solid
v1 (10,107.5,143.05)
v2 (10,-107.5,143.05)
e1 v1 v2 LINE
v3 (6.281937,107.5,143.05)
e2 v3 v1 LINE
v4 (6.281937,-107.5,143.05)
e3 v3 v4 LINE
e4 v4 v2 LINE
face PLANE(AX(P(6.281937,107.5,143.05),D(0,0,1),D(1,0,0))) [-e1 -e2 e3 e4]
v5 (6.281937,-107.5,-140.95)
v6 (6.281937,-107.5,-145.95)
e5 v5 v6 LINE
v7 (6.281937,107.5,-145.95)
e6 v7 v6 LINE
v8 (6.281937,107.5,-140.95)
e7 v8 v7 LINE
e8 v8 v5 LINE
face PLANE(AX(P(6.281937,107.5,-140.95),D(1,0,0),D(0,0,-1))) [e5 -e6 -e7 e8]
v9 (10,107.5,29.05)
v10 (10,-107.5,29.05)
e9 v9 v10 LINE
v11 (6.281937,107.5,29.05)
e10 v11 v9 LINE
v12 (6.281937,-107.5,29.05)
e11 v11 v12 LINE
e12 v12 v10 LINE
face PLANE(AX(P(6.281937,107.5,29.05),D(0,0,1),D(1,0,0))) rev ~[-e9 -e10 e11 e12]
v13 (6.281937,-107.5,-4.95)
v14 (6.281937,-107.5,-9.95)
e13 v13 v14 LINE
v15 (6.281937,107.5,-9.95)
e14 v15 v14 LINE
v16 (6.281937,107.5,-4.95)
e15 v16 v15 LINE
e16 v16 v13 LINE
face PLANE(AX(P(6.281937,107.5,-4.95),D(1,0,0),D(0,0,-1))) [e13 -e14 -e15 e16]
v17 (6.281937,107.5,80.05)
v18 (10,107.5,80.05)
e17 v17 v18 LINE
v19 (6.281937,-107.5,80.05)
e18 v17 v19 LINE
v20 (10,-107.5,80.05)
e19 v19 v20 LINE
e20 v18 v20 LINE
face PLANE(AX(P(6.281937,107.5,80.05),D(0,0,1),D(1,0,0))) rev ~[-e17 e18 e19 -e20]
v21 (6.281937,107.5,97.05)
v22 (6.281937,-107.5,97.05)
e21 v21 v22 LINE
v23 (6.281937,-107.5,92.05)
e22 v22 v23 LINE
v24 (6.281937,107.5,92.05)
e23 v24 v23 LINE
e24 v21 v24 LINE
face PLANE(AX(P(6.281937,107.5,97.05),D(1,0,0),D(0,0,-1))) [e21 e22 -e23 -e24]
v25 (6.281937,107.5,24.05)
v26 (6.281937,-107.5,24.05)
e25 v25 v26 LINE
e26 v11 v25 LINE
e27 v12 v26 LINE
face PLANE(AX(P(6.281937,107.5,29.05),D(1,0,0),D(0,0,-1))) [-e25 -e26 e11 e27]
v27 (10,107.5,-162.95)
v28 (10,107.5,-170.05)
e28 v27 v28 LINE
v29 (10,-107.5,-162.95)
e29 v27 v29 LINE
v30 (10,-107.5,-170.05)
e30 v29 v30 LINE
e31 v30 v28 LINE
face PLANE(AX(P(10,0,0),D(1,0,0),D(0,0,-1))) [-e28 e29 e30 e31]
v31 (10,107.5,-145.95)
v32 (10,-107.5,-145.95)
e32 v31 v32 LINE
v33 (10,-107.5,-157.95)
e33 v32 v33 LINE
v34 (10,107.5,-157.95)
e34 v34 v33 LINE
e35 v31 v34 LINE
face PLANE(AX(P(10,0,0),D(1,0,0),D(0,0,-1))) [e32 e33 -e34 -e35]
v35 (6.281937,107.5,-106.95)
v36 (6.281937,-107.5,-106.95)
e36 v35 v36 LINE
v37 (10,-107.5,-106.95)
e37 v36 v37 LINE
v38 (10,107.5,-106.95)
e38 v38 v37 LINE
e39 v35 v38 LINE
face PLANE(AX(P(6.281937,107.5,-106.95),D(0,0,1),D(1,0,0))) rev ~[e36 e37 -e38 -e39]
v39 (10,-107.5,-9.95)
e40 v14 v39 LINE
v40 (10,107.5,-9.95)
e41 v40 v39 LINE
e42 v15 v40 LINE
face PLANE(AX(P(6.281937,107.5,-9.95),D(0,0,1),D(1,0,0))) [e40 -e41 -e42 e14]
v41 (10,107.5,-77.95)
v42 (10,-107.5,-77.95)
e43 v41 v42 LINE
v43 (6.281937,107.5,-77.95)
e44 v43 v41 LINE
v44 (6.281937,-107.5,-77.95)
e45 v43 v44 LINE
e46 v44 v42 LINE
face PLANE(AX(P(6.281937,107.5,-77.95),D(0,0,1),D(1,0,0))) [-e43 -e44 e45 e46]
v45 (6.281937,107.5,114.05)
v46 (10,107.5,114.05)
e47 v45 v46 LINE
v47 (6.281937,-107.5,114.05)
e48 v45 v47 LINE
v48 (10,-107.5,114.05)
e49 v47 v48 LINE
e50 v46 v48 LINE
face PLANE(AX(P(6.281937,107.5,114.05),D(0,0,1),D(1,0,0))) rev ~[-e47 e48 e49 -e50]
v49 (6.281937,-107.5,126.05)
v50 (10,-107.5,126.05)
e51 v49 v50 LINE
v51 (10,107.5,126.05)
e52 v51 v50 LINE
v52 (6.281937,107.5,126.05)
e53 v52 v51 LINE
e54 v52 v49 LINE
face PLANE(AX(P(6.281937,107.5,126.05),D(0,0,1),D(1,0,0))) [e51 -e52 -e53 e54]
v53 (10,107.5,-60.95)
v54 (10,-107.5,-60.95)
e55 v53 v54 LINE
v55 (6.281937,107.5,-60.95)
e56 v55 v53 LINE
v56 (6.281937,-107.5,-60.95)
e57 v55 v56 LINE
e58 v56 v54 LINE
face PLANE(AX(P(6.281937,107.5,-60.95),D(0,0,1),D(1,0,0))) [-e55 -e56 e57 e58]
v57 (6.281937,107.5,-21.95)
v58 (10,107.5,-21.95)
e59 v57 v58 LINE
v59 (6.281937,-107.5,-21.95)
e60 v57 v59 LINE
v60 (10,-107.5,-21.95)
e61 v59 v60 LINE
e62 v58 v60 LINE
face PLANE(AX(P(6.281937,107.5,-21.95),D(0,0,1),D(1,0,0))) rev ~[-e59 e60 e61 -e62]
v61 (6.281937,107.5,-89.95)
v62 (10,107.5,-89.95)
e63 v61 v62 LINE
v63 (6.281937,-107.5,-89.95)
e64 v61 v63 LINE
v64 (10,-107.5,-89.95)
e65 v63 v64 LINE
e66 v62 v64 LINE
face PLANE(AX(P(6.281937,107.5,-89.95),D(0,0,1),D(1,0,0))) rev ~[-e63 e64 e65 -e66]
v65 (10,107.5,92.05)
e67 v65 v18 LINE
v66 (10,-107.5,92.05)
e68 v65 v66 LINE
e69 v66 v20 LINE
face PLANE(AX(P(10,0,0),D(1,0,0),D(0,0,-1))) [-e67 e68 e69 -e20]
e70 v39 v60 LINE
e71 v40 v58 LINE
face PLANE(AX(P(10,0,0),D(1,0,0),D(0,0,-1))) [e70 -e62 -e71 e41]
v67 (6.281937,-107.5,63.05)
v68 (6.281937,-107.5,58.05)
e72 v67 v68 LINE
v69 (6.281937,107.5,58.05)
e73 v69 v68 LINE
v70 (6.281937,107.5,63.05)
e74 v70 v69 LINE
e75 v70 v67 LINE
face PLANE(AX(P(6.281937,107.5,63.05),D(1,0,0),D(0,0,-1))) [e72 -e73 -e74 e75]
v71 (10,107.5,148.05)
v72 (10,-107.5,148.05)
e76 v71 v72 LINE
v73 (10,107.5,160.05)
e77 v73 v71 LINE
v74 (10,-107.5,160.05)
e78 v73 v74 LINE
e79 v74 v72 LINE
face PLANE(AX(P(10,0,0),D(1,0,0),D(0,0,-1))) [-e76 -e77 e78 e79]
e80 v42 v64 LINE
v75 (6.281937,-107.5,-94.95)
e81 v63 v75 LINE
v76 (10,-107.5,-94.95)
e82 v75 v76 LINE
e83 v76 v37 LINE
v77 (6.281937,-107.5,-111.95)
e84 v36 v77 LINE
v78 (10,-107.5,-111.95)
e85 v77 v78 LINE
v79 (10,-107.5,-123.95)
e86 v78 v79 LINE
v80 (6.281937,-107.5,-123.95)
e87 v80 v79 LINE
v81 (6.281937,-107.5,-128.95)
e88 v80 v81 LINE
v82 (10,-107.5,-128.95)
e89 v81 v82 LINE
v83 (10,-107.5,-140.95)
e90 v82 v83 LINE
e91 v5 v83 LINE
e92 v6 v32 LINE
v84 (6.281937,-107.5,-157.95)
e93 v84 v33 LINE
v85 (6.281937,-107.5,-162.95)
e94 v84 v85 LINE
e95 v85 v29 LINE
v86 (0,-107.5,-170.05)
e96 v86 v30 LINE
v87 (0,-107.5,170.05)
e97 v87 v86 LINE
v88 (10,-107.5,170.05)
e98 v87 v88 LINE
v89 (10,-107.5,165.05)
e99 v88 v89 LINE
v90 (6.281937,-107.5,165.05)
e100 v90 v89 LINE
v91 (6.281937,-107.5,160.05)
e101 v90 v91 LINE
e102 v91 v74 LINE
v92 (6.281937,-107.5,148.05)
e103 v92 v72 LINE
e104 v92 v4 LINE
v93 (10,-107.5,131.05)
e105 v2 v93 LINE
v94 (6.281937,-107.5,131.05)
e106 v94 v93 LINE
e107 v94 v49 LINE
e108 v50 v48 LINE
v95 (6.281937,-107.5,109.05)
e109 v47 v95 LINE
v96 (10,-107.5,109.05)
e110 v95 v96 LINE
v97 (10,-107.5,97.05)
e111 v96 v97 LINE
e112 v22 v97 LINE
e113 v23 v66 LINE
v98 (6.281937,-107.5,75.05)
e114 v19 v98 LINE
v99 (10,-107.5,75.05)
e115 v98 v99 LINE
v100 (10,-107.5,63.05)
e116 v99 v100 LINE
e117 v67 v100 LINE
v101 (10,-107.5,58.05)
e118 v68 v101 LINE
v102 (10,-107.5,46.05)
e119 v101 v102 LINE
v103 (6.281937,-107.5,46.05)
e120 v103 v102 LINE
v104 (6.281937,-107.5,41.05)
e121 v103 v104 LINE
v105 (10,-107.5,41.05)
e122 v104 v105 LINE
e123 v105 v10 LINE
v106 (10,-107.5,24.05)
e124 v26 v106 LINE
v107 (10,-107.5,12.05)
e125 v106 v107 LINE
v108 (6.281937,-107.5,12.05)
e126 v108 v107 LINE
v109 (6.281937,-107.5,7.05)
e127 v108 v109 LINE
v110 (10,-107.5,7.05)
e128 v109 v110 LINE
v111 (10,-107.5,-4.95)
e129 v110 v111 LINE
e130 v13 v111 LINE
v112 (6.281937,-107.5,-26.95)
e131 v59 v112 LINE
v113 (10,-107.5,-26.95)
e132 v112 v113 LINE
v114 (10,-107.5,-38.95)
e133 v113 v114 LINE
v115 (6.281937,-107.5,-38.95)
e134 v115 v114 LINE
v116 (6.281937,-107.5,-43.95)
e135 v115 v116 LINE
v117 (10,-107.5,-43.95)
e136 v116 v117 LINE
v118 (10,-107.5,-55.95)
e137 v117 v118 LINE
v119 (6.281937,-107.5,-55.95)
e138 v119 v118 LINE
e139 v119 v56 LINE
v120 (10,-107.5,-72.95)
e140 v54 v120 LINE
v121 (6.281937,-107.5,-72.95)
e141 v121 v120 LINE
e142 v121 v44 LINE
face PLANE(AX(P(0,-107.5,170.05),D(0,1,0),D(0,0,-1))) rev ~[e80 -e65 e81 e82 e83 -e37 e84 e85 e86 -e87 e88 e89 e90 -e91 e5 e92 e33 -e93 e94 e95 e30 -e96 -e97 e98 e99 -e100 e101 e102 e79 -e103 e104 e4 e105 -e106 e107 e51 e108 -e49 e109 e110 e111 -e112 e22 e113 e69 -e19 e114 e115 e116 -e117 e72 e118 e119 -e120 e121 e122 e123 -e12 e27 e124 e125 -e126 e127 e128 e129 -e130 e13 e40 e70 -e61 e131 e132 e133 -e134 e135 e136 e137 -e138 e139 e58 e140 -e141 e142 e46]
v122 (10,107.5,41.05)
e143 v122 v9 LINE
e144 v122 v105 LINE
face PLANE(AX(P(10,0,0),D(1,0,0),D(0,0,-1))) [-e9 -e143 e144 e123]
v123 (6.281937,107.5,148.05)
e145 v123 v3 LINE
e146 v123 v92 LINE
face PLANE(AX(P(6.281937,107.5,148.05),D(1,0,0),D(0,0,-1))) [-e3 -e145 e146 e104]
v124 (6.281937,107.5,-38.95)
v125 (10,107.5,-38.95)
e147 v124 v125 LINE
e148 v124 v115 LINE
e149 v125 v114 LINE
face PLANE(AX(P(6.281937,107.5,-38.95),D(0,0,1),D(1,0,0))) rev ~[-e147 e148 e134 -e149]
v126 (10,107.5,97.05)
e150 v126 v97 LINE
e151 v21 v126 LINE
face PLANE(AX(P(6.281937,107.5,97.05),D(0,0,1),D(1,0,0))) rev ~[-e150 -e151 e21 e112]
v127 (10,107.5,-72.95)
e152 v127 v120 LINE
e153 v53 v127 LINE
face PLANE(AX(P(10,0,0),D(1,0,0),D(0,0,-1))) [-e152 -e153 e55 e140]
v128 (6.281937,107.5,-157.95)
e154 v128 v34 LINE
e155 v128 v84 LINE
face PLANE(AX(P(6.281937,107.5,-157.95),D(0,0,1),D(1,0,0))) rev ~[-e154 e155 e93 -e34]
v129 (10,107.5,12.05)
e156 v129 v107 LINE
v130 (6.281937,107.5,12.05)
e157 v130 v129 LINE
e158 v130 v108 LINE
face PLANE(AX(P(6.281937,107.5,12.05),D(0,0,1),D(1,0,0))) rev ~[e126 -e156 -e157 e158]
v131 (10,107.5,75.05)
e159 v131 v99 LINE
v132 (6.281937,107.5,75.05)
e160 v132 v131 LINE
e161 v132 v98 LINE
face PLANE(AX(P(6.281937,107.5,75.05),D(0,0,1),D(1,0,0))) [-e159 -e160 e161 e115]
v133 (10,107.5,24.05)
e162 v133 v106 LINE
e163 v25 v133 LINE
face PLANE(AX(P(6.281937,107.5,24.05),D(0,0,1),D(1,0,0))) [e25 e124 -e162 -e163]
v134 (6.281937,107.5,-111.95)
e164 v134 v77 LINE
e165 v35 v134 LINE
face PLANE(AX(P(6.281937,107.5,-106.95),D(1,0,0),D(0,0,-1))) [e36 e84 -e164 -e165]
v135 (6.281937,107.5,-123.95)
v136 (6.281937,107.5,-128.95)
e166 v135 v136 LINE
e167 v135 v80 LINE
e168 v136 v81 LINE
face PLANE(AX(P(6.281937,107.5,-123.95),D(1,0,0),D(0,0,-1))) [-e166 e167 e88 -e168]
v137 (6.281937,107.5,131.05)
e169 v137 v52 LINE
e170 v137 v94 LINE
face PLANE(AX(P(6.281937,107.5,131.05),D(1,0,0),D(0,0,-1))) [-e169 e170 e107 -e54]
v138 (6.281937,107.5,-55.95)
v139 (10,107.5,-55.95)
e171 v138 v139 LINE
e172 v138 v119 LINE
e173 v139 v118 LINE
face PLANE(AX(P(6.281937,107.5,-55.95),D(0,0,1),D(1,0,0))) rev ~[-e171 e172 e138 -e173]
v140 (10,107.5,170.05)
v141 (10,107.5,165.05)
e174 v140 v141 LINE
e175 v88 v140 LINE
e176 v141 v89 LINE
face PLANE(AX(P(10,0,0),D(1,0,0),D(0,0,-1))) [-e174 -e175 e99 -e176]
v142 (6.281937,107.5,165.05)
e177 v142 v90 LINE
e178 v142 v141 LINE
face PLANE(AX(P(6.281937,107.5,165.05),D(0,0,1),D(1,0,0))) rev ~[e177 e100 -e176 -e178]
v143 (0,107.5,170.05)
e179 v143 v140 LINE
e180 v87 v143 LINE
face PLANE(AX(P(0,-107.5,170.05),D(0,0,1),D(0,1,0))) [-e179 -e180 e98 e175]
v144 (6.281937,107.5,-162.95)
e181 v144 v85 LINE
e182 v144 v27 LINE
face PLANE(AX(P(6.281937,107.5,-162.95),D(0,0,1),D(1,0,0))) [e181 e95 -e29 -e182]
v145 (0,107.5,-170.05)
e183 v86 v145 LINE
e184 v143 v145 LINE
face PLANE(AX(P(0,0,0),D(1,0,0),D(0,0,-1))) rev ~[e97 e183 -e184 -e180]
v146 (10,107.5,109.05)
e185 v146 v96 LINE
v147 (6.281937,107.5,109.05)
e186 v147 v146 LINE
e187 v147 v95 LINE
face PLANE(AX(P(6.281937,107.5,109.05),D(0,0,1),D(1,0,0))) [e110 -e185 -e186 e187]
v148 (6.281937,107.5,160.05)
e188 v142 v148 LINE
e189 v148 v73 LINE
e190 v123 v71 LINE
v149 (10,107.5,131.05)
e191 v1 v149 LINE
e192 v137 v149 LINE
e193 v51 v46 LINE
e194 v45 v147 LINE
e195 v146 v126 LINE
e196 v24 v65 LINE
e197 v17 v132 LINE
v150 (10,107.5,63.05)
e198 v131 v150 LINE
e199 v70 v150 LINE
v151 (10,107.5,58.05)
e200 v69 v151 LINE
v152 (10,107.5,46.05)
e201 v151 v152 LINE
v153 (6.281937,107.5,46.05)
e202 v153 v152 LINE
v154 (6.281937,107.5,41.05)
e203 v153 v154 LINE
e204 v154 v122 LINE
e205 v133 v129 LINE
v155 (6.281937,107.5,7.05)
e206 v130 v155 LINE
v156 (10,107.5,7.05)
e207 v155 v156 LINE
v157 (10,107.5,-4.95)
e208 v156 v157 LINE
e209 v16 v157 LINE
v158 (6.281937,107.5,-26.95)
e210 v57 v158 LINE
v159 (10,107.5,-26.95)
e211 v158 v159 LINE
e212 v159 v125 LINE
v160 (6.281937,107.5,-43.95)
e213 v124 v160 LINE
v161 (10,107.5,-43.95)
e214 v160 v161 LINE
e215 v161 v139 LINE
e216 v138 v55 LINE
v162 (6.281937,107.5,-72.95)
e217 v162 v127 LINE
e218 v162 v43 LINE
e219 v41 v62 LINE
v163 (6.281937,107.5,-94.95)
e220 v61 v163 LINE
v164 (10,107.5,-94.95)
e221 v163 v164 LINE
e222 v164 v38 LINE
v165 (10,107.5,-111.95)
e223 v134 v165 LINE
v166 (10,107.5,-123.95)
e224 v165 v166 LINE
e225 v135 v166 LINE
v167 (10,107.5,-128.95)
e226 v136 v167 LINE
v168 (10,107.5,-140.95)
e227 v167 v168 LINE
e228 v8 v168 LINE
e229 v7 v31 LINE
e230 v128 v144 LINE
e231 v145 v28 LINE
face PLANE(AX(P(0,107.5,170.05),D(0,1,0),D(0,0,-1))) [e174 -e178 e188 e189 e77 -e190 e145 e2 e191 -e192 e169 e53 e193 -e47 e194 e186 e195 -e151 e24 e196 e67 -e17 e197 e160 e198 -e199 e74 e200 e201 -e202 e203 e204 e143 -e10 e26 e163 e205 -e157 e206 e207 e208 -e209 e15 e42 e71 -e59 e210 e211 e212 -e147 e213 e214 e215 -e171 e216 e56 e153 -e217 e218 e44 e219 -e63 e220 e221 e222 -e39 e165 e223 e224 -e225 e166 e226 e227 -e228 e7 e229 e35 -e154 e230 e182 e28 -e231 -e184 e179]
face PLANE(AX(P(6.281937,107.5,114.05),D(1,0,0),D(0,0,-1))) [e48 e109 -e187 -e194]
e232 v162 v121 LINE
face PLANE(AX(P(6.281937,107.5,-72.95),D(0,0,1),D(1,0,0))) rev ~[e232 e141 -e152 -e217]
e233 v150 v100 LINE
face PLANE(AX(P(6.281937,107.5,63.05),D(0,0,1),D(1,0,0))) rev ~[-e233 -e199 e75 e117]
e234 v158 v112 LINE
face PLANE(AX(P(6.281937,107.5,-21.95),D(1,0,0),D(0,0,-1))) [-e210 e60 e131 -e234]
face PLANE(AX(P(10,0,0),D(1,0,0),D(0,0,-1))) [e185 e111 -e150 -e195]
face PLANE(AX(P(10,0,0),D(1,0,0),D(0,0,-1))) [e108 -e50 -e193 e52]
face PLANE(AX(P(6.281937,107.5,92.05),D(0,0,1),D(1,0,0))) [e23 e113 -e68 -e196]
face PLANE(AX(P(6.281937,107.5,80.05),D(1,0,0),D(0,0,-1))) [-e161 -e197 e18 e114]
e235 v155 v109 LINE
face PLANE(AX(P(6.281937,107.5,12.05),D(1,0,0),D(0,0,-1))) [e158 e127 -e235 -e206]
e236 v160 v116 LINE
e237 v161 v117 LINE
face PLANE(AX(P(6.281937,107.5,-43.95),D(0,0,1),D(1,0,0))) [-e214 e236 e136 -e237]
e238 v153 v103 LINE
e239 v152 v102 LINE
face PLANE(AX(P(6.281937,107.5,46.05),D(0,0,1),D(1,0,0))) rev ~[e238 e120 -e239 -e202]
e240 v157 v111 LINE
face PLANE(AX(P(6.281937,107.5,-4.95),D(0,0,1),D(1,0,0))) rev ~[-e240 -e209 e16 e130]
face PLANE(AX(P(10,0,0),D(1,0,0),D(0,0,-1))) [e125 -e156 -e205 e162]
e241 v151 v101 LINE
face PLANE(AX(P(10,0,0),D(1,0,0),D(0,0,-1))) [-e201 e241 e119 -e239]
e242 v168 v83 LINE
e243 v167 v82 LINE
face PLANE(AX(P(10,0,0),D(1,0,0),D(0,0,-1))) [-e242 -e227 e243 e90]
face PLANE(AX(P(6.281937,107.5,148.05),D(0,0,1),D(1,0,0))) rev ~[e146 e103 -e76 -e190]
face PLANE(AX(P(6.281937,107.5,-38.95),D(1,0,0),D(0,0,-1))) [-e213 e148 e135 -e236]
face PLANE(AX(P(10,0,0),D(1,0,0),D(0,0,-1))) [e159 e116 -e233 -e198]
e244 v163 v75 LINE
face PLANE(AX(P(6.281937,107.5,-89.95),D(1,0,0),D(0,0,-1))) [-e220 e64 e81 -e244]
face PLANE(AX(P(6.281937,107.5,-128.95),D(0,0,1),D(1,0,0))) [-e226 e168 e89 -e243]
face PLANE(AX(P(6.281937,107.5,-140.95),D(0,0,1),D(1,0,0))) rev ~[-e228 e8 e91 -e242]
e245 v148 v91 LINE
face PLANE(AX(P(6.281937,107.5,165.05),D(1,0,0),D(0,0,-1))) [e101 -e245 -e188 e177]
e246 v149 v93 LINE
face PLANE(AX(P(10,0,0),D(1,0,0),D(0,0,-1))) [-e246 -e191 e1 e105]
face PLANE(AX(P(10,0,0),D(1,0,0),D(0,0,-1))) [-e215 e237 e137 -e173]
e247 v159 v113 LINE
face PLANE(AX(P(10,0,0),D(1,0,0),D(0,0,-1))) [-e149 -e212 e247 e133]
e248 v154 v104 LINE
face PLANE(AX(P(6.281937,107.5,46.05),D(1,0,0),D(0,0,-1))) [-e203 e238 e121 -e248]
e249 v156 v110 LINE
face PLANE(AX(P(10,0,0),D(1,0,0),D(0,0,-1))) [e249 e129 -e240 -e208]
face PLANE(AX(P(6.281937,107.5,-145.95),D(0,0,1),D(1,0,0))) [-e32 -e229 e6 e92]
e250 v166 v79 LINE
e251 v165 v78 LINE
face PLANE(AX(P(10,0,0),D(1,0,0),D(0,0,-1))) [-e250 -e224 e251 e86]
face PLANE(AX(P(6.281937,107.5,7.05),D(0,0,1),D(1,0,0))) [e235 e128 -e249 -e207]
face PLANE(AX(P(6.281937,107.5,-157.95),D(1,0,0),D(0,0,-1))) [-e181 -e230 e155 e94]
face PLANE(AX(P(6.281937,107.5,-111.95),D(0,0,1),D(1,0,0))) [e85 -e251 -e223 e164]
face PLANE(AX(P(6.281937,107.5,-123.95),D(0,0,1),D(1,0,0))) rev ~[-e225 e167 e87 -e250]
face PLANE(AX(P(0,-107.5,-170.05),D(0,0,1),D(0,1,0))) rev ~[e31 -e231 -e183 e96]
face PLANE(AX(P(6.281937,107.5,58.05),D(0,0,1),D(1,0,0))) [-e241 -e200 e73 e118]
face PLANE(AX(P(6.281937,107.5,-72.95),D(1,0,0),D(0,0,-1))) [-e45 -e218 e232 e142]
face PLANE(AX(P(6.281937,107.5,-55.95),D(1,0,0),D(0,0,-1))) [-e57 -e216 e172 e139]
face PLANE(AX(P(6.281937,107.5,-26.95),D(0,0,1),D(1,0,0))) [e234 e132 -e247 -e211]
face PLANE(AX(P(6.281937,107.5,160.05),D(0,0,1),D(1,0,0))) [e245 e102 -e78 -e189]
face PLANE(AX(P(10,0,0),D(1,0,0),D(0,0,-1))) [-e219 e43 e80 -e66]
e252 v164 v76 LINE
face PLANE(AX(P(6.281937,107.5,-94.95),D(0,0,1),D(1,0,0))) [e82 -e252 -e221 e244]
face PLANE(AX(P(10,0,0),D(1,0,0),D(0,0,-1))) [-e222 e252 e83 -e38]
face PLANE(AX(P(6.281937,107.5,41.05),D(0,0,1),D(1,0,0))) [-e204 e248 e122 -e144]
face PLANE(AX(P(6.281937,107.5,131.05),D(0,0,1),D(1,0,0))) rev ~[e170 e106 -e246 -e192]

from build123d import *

# Parameters (mm, degrees)
SKETCH1_W           = 340.1
SKETCH1_H           = 215
BOSS_EXTRUDE1_DEPTH = 10
SKETCH2_W           = 7.43612634
SKETCH2_H           = 5
CUT_EXTRUDE1_DEPTH  = 216
LPATTERN1_COUNT     = 20
LPATTERN1_PITCH     = 17


with BuildPart() as part:
    # Sketch1 → Boss-Extrude1 (new body)
    with BuildSketch(Plane(origin=(0, 0, 0), x_dir=(0, 0, -1), z_dir=(1, 0, 0))):
        Rectangle(SKETCH1_W, SKETCH1_H)
    extrude(amount=BOSS_EXTRUDE1_DEPTH)

    # Sketch2 → Cut-Extrude1 (cut, through all)
    with BuildSketch(Plane(origin=(0, 107.5, 0), x_dir=(1, 0, 0), z_dir=(0, 1, 0))):
        with Locations((10, -162.55)):
            Rectangle(SKETCH2_W, SKETCH2_H)
    cut_extrude1 = extrude(amount=-CUT_EXTRUDE1_DEPTH, mode=Mode.SUBTRACT)

    # LPattern1: Cut-Extrude1 ×20
    with Locations(*[(0, 0, -i * LPATTERN1_PITCH) for i in range(1, LPATTERN1_COUNT)]):
        add(cut_extrude1, mode=Mode.SUBTRACT)


solid = part.part
